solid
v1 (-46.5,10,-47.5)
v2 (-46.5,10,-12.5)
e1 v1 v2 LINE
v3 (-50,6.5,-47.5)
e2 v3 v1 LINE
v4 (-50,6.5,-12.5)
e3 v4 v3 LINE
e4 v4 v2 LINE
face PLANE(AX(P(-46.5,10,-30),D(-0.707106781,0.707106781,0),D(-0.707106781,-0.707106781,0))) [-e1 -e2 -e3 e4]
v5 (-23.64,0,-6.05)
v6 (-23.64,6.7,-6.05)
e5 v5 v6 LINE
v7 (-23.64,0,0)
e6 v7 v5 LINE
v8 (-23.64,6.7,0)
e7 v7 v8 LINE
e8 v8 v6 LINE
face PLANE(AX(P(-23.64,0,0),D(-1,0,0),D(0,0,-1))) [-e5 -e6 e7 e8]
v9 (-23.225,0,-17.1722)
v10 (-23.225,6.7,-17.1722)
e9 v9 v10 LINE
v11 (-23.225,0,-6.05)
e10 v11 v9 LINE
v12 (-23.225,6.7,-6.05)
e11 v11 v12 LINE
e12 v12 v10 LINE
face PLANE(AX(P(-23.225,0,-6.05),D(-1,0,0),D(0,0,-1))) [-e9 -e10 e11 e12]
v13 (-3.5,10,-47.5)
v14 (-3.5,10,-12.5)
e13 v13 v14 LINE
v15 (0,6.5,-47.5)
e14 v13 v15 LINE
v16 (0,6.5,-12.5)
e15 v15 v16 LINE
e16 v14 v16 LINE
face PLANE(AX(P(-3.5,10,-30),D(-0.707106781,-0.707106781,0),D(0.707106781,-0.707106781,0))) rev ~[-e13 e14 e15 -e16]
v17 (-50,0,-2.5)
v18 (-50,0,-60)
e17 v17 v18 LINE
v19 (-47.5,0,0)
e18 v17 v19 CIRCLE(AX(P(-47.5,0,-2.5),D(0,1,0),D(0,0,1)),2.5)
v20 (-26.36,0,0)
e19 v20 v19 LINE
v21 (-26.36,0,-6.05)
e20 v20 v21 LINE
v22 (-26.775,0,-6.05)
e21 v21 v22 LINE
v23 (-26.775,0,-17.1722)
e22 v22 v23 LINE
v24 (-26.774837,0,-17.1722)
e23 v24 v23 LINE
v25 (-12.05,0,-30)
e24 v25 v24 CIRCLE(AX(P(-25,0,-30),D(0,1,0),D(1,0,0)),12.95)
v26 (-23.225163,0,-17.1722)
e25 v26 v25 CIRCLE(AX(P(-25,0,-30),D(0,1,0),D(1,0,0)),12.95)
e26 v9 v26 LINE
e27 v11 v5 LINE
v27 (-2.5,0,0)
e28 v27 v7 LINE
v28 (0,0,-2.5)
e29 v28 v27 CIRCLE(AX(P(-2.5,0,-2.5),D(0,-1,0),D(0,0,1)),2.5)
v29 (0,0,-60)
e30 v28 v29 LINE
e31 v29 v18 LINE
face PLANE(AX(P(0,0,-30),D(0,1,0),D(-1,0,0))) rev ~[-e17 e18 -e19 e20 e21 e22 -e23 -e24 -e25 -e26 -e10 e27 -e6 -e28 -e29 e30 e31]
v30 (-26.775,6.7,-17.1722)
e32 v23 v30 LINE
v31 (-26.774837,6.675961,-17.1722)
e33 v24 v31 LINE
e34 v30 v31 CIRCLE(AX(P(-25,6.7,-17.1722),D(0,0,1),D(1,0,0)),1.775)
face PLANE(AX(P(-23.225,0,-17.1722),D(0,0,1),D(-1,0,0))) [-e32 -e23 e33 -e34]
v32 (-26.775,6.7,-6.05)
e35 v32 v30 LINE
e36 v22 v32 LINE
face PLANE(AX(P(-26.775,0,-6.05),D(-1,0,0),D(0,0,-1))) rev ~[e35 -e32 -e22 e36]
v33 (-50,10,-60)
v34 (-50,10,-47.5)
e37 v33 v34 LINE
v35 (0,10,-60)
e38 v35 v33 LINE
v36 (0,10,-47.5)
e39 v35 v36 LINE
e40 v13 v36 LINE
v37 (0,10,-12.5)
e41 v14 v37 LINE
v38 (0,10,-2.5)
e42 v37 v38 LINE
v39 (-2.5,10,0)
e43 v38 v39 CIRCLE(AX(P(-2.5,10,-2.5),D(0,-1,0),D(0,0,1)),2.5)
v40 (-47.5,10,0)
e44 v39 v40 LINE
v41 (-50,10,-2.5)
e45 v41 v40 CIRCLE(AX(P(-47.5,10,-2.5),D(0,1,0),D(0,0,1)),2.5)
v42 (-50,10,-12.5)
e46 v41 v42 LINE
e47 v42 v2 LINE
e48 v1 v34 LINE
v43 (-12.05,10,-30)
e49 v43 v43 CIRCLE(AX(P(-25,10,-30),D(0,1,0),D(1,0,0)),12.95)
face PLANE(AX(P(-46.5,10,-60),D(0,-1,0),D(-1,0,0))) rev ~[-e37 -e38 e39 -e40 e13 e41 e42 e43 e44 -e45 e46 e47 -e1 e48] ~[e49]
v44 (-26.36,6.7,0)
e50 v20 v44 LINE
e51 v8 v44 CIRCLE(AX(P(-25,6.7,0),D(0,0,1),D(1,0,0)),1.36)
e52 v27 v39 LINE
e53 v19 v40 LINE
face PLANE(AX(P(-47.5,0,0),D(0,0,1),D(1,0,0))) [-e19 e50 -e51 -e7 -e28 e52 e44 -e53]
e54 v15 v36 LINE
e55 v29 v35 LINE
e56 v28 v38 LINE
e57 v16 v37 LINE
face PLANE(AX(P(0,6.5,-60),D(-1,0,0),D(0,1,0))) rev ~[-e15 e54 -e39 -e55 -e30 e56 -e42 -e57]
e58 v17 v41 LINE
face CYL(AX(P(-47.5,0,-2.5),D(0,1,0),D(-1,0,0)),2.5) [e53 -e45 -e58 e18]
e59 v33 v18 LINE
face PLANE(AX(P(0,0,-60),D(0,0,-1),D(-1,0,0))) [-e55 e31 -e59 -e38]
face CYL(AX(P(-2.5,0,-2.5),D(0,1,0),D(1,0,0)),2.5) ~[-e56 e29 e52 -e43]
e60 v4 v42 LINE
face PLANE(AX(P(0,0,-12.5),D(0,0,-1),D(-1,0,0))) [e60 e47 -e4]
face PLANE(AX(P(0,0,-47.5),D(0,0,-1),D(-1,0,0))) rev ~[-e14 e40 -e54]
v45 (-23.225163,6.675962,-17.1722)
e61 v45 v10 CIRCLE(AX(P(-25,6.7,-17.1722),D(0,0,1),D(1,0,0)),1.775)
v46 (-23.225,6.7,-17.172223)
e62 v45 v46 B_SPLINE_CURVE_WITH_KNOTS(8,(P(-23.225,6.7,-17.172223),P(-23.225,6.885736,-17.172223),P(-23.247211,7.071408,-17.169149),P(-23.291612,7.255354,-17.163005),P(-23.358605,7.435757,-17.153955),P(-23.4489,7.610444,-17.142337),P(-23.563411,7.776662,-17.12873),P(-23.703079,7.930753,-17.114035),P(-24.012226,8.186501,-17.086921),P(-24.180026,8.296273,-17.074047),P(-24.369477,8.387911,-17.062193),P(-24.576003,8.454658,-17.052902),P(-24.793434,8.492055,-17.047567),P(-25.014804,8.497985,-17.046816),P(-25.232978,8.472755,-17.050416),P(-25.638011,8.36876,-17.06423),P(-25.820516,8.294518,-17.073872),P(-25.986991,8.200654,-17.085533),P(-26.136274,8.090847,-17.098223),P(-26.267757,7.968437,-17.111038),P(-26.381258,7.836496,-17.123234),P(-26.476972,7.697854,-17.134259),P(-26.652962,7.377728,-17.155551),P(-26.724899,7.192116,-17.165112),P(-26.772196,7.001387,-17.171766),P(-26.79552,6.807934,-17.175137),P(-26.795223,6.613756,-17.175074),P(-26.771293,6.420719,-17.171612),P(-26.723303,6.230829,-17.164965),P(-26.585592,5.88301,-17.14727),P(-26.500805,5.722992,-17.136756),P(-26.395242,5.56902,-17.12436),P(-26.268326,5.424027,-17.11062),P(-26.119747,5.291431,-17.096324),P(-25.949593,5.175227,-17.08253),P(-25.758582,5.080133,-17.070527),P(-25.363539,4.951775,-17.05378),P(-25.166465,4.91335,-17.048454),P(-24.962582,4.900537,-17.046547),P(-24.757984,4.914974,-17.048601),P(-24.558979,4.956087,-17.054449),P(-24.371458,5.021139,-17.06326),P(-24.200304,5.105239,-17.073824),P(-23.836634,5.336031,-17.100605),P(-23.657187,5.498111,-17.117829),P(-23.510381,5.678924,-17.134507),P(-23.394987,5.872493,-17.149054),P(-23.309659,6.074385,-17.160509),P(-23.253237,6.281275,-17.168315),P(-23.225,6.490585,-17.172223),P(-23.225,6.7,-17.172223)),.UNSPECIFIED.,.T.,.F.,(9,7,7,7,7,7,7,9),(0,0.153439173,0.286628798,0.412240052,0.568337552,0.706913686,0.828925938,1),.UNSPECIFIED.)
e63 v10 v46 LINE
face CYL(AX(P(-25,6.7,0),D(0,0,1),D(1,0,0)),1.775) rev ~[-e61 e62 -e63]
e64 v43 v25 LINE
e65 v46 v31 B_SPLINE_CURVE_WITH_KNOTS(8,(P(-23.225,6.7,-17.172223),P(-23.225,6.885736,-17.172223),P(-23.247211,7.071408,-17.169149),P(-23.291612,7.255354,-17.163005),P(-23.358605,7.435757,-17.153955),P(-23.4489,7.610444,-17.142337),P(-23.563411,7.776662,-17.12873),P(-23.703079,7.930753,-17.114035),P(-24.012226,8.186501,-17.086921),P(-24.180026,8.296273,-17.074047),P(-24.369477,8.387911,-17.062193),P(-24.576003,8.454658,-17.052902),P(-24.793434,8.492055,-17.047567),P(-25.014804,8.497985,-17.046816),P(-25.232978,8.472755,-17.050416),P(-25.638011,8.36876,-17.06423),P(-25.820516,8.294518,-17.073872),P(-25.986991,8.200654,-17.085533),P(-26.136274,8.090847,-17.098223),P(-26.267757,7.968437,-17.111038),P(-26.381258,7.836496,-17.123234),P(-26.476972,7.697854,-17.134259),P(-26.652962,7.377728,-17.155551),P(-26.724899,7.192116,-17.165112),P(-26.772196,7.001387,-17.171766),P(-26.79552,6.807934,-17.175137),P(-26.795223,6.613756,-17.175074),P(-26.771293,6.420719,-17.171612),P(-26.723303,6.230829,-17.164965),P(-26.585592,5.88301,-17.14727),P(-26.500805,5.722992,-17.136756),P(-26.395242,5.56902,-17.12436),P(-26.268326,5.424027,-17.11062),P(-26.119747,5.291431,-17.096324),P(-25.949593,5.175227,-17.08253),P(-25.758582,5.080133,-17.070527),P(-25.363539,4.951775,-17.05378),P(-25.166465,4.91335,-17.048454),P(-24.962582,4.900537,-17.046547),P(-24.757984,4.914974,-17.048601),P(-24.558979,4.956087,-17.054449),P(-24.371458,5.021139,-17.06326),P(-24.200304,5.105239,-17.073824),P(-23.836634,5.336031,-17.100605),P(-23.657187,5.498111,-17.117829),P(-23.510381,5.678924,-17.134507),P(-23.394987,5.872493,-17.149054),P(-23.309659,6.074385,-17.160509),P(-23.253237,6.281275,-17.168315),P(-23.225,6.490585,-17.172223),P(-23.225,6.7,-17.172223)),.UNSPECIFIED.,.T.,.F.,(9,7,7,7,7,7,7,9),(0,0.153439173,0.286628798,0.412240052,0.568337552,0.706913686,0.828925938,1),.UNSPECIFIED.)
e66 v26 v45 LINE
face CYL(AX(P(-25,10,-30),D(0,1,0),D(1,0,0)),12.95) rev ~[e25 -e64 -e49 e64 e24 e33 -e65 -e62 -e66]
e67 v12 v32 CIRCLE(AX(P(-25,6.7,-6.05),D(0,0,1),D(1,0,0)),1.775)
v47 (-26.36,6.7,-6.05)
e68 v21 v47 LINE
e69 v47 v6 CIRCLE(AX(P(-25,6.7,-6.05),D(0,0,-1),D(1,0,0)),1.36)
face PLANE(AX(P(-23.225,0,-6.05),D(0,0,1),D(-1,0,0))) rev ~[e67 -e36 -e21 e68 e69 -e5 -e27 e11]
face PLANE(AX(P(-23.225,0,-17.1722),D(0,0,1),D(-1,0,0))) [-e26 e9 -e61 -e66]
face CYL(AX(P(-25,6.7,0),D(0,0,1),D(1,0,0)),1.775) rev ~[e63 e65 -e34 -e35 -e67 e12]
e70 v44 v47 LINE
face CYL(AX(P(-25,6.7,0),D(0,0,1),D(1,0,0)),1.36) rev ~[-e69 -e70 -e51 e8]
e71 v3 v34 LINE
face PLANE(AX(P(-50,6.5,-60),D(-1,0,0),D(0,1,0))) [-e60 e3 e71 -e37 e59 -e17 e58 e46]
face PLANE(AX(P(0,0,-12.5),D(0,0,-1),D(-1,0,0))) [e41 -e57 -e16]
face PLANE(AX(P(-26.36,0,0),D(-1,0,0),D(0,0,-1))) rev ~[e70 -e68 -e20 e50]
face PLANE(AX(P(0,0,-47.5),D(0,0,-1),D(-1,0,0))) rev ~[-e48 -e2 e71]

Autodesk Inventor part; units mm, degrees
ref_plane "YZ Plane" through (0, 0, 0) normal (1, 0, 0) x (0, 1, 0)
ref_plane "XZ Plane" through (0, 0, 0) normal (0, 1, 0) x (-1, 0, 0)
ref_plane "XY Plane" through (0, 0, 0) normal (0, 0, 1) x (1, 0, 0)
sketch "Sketch1" plane through (0, 0, 0) normal (0, 1, 0) x (-1, 0, 0)
  line L0 (0, 0) -> (50, 0)
  line L1 (50, 0) -> (50, -30)
  line L2 (50, -30) -> (0, -30)
  line L3 (0, -30) -> (0, 0)
  dimension "d0" = 50
  dimension "d1" = 30
extrude "Extrusion1" add sketch "Sketch1" along normal blind 10
sketch "Sketch2" plane through (0, 0, -30) normal (0, 0, -1) x (-1, 0, 0)
  line L0 (50, 10) -> (0, 10) projected
  line L1 (0, 10) -> (3.5, 10)
  line L2 (3.5, 10) -> (0, 6.5)
  line L3 (0, 0) -> (0, 10) projected
  line L4 (0, 6.5) -> (0, 10)
extrude "Extrusion2" cut sketch "Sketch2" against normal blind 17.5
sketch "Sketch3" plane through (0, 0, -30) normal (0, 0, -1) x (-1, 0, 0)
  line L0 (50, 0) -> (50, 10) projected
  line L1 (50, 10) -> (50, 6.5)
  line L2 (50, 6.5) -> (46.5, 10)
  line L3 (50, 10) -> (0, 10) projected
  line L4 (46.5, 10) -> (50, 10)
  line L5 (50, 10) -> (50, 6.5)
  point P0 (0, 0)
extrude "Extrusion3" cut sketch "Sketch3" against normal blind 17.5
sketch "Sketch4" plane through (0, 0, -30) normal (0, 0, -1) x (-1, 0, 0)
  line L0 (0, 0) -> (50, 0) projected
  line L1 (3.5, 10) -> (0, 6.5) projected
  line L2 (0, 0) -> (0, 6.5)
  line L3 (3.5, 10) -> (46.5, 10) projected
  line L4 (0, 6.5) -> (3.5, 10)
  line L5 (3.5, 10) -> (46.5, 10)
  line L6 (46.5, 10) -> (50, 6.5)
  line L7 (50, 0) -> (50, 10) projected
  line L8 (50, 6.5) -> (50, 0)
  line L9 (0, 0) -> (0, 10) projected
  line L10 (50, 0) -> (0, 0)
extrude "Extrusion4" add sketch "Sketch4" along normal blind 30
sketch "Sketch5" plane through (0, 0, -60) normal (0, 0, -1) x (-1, 0, 0)
  line L0 (3.5, 10) -> (0, 6.5) projected
  line L1 (0, 6.5) -> (3.5, 10)
  line L2 (0, 6.5) -> (0, 10) projected
  line L3 (3.5, 10) -> (0, 10)
  line L4 (0, 10) -> (0, 6.5)
  point P0 (0, 0)
extrude "Extrusion5" add sketch "Sketch5" against normal blind 12.5
sketch "Sketch6" plane through (0, 0, -60) normal (0, 0, -1) x (-1, 0, 0)
  line L0 (50, 6.5) -> (46.5, 10) projected
  line L1 (46.5, 10) -> (50, 6.5)
  line L2 (46.5, 10) -> (50, 10) projected
  line L3 (50, 6.5) -> (50, 10)
  line L4 (50, 10) -> (46.5, 10)
  point P0 (0, 0)
extrude "Extrusion6" add sketch "Sketch6" against normal blind 12.5
fillet "Fillet1" radius 2.5 2 edges at (0, 5, 0) (-50, 5, 0)
sketch "Sketch7" plane through (0, 10, 0) normal (0, 1, 0) x (1, 0, 0)
  line L0 (0, 12.5) -> (0, 47.5) projected
  circle A0 centre (-25, 30) radius 12.95
  point P0 (0, 0)
  dimension "d21" = 25.9
extrude "Extrusion7" cut sketch "Sketch7" against normal blind 10
sketch "Sketch8" plane through (-47.5, 0, 0) normal (0, 0, 1) x (1, 0, 0)
  line L0 (1, 10) -> (-2.5, 10) projected
  line L1 (0, 10) -> (45, 10) projected
  circle A0 centre (22.5, 6.7) radius 1.775
  point P0 (47.5, 0)
  dimension "d26" = 3.55
extrude "Extrusion8" cut sketch "Sketch8" against normal blind 20
sketch "Sketch9" plane through (-47.5, 0, 0) normal (0, 0, 1) x (1, 0, 0)
  circle A0 centre (22.5, 6.7) radius 1.775 projected
  circle A1 centre (22.5, 6.7) radius 1.775
  point P0 (47.5, 0)
extrude "Extrusion9" add sketch "Sketch9" against normal blind 6.05
sketch "Sketch10" plane through (-47.5, 0, 0) normal (0, 0, 1) x (1, 0, 0)
  circle A0 centre (22.5, 6.7) radius 1.775 projected
  circle A1 centre (22.5, 6.7) radius 1.36
  point P0 (47.5, 0)
  dimension "d31" = 2.72
extrude "Extrusion10" cut sketch "Sketch10" against normal blind 6.05 contours A1
sketch "Sketch11" plane through (0, 0, 0) normal (0, -1, 0) x (1, 0, 0)
  line L0 (-23.225, -6.05) -> (-23.225, -17.1722) projected
  line L1 (-23.225, -17.1722) -> (-26.775, -17.1722)
  line L2 (-26.775, -6.05) -> (-26.775, -17.1722) projected
  line L3 (-23.225, -6.05) -> (-26.775, -6.05) projected
  line L4 (-26.775, -6.05) -> (-23.225, -6.05)
  line L5 (-23.225, -6.05) -> (-23.225, -17.1722)
  point P0 (0, 0)
extrude "Extrusion11" cut sketch "Sketch11" against normal blind 6.7
sketch "Sketch12" plane through (0, 0, 0) normal (0, -1, 0) x (1, 0, 0)
  line L0 (-26.36, 0) -> (-26.36, -6.05) projected
  line L1 (-26.36, 0) -> (-23.64, 0)
  line L2 (-23.64, 0) -> (-23.64, -6.05) projected
  line L3 (-23.64, -6.05) -> (-26.36, -6.05)
  line L4 (-26.36, 0) -> (-23.64, 0) projected
  line L5 (-26.36, -6.05) -> (-26.36, 0)
  point P0 (0, 0)
extrude "Extrusion12" cut sketch "Sketch12" against normal blind 6.7
properties part number "SmartWatch_BaseTop"
